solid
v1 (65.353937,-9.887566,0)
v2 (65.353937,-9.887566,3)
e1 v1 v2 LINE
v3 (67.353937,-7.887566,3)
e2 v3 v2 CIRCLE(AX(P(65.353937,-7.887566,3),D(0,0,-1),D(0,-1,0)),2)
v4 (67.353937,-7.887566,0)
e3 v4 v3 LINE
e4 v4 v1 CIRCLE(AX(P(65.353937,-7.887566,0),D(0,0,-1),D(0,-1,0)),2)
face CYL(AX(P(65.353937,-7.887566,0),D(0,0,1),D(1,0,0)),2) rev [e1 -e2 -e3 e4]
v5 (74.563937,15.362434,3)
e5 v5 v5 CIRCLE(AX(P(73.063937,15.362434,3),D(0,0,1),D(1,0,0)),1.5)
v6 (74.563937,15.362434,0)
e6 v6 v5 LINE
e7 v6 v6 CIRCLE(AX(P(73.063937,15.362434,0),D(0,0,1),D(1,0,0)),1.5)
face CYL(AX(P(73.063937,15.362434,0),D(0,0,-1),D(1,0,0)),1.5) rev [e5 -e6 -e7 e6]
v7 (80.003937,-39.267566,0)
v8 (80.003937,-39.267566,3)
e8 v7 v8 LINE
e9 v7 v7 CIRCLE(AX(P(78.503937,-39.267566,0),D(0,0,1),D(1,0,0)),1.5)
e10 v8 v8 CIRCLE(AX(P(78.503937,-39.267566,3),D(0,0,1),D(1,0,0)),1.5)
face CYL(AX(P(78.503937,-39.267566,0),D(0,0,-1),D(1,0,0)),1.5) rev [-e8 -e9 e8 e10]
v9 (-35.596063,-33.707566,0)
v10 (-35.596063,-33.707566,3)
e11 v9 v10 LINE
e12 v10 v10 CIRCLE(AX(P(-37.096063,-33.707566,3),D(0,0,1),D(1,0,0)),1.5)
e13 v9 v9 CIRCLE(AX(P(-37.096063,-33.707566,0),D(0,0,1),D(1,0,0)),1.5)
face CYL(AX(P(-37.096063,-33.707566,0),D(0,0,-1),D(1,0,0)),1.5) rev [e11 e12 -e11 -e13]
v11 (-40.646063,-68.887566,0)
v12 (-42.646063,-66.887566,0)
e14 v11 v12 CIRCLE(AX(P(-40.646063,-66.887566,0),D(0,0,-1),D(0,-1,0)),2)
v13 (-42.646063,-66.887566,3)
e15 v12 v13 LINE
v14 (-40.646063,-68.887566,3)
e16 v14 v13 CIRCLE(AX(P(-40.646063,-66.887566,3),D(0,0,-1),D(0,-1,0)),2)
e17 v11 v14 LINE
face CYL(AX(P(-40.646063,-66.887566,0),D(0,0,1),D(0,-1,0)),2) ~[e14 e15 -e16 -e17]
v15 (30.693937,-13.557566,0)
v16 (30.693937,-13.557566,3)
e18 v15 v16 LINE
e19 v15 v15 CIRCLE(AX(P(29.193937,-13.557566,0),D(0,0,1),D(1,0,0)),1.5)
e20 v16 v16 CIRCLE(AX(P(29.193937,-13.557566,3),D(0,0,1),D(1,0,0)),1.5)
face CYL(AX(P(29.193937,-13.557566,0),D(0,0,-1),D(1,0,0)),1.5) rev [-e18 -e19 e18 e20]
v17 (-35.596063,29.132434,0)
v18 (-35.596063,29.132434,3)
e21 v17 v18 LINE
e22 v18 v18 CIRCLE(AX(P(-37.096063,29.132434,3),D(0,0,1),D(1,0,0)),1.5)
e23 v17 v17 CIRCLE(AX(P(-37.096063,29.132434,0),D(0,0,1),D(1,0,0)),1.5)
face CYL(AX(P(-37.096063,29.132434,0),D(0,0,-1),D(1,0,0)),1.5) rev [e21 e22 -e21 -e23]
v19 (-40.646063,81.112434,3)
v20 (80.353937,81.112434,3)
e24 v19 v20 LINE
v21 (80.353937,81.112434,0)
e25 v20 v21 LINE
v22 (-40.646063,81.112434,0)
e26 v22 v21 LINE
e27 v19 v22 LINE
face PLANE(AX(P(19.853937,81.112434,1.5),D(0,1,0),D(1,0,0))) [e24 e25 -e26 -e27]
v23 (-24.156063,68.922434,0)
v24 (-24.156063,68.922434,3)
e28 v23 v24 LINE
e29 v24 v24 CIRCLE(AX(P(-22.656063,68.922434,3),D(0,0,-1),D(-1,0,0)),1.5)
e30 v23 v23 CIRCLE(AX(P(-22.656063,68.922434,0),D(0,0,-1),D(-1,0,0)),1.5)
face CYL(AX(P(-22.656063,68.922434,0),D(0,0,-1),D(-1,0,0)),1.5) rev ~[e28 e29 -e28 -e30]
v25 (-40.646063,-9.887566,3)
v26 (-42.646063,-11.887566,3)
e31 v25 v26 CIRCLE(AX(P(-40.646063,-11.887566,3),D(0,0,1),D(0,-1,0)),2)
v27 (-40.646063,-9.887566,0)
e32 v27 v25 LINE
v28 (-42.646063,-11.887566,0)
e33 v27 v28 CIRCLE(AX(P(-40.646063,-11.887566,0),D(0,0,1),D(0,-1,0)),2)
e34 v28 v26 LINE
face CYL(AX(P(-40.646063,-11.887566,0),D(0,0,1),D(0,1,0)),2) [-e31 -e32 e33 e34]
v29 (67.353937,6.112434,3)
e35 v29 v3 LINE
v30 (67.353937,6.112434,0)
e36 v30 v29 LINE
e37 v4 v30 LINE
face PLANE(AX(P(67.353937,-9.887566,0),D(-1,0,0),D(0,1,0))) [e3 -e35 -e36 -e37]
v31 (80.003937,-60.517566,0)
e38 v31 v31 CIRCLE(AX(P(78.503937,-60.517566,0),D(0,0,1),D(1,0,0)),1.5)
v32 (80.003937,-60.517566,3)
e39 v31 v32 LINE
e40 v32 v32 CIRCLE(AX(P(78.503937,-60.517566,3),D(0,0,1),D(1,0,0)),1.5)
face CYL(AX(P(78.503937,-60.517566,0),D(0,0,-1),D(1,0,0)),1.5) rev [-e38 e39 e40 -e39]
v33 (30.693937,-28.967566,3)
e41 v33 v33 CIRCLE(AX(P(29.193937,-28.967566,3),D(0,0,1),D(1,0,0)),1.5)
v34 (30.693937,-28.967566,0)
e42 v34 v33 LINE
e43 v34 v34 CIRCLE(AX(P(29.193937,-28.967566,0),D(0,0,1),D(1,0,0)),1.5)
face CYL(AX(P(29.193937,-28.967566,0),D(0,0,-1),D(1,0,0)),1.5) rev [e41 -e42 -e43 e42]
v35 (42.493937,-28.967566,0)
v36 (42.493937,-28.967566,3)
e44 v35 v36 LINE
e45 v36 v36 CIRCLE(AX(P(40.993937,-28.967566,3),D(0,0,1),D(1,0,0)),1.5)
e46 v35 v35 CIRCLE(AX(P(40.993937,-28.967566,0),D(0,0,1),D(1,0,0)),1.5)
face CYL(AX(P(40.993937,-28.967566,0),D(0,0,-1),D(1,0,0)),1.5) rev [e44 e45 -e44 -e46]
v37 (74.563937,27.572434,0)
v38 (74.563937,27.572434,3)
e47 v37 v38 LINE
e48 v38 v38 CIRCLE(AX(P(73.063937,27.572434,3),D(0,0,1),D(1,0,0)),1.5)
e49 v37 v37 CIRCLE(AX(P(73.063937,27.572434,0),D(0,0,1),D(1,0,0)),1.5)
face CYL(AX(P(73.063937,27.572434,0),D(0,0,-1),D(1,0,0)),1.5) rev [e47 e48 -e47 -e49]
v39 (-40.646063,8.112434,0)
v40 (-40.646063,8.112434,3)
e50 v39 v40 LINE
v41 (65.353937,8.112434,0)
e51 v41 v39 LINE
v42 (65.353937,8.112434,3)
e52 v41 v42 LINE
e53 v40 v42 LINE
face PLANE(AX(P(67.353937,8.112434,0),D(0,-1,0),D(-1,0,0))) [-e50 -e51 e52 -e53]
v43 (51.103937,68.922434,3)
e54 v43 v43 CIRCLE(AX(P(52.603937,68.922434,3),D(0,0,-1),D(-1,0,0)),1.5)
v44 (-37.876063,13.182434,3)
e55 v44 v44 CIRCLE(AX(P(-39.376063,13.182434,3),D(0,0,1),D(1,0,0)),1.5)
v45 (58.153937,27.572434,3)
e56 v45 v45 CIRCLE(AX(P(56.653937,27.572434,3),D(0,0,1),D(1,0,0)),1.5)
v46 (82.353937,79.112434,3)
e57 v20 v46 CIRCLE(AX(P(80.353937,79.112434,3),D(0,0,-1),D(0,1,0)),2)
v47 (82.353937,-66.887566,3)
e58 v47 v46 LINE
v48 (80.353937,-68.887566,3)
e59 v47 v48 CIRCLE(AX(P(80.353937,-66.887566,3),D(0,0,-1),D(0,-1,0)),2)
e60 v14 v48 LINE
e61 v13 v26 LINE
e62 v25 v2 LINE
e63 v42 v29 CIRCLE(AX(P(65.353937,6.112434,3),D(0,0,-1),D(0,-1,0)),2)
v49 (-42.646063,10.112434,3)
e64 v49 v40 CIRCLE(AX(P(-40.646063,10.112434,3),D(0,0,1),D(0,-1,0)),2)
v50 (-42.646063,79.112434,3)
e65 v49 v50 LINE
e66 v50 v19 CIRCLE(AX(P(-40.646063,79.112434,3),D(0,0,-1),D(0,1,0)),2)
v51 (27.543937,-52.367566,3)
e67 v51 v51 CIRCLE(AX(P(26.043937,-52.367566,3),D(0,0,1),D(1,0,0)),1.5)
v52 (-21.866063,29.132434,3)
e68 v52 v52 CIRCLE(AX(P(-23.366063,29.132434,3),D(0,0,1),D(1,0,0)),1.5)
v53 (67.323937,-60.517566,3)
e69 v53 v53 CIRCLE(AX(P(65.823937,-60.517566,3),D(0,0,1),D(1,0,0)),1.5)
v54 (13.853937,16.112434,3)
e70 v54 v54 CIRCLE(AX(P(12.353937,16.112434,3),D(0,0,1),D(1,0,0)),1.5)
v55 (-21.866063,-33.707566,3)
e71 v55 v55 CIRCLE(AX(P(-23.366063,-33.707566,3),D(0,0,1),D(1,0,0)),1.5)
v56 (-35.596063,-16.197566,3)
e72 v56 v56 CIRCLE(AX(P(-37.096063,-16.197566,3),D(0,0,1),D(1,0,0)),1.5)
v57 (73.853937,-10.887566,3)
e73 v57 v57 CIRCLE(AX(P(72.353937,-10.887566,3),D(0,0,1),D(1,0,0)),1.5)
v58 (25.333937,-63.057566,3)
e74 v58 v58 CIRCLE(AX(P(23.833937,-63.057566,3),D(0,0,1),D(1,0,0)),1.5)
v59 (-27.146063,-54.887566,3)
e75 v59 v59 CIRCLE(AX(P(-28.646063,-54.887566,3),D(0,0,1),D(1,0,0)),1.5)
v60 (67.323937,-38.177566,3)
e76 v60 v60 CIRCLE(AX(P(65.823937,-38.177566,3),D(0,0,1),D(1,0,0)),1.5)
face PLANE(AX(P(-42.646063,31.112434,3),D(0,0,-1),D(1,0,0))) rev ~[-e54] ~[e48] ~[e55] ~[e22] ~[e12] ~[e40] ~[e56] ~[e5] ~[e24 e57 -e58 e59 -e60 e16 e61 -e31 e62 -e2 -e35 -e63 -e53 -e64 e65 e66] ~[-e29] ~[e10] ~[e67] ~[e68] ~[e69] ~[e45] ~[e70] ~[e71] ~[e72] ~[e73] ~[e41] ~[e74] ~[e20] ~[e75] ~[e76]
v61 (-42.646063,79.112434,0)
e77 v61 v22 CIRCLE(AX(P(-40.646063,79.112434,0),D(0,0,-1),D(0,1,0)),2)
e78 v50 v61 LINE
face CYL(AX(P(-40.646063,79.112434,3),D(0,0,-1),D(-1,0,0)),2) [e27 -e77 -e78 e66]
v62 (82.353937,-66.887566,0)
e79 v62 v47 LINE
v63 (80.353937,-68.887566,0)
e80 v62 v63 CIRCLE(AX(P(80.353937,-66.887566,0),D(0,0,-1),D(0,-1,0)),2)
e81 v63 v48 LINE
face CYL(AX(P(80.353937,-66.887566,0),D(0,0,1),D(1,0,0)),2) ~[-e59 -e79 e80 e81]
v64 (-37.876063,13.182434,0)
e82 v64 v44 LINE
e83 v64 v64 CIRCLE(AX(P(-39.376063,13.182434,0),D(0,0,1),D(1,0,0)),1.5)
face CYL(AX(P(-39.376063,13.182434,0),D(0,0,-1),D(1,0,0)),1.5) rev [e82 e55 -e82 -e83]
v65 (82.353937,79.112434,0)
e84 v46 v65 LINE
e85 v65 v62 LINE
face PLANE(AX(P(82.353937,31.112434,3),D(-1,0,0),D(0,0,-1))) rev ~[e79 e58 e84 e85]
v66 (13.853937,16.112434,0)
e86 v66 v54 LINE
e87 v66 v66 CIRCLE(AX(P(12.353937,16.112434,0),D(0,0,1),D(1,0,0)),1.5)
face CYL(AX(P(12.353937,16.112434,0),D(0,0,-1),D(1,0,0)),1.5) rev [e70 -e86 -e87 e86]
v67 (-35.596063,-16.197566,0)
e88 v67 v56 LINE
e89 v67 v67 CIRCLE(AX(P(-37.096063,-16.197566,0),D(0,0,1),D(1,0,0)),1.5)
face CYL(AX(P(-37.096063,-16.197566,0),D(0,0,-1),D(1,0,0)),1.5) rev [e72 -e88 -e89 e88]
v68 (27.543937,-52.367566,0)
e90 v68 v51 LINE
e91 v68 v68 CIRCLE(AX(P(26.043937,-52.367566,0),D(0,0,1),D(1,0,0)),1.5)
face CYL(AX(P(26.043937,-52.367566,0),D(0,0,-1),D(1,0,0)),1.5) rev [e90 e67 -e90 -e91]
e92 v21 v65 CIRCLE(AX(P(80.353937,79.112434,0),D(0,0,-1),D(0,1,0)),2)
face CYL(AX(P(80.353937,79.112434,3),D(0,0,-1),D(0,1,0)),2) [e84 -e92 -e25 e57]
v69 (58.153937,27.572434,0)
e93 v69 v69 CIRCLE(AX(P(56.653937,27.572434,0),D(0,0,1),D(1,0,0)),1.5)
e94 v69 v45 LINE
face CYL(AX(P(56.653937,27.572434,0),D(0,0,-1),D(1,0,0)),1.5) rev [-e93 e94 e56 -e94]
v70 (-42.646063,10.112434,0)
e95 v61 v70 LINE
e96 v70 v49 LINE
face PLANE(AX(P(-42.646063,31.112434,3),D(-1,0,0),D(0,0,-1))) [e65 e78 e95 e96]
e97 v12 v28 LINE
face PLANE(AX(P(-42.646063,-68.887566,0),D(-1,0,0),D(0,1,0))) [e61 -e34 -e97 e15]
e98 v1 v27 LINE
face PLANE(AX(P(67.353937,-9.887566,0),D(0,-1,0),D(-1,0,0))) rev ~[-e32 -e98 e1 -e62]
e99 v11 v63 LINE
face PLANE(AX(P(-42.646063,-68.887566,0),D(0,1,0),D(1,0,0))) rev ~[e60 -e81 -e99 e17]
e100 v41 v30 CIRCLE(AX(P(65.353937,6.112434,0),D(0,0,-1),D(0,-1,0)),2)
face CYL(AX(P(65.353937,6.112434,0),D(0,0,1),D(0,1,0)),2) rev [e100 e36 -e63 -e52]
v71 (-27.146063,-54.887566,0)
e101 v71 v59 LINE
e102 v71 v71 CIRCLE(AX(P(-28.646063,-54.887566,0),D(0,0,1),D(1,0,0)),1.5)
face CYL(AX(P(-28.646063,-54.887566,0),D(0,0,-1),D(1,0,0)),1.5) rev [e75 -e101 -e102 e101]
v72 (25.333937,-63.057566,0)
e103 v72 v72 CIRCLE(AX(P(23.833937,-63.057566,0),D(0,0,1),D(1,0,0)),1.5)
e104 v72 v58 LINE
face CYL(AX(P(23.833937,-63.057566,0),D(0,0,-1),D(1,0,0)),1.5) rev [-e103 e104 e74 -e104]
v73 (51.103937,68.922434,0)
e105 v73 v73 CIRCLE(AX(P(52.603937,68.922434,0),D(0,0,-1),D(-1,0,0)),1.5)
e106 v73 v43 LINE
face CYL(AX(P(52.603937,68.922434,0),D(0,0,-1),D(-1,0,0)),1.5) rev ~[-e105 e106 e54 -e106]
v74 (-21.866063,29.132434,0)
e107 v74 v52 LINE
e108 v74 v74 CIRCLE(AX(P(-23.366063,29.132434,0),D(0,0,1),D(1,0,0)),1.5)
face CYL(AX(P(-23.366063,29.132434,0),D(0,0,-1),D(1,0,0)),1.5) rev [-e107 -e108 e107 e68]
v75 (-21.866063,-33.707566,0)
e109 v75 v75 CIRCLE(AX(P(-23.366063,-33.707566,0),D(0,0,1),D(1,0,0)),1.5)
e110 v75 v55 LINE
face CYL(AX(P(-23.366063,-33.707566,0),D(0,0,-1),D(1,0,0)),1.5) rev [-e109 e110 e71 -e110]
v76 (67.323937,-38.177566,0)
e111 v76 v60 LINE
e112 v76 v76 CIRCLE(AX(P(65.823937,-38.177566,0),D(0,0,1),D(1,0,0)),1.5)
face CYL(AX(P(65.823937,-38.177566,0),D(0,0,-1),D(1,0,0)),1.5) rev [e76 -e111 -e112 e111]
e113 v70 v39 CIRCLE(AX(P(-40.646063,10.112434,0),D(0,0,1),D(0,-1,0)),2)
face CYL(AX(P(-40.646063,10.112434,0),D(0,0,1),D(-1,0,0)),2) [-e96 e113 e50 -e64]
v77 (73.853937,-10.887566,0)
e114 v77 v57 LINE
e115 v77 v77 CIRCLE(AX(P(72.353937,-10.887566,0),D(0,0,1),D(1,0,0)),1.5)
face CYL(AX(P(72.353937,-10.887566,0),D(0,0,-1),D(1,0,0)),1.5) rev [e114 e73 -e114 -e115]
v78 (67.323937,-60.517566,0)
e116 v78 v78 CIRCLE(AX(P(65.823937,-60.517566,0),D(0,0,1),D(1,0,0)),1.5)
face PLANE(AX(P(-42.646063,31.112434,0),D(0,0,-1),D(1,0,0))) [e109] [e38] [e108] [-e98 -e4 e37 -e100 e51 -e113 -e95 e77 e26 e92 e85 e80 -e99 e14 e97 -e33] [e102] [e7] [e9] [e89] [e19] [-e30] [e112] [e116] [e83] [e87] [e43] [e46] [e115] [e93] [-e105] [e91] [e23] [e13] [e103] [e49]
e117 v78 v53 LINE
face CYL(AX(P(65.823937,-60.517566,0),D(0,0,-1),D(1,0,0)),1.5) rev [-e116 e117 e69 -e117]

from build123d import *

# Parameters (mm, degrees)
SKETCH_1_W          = 125
SKETCH_1_H          = 100
SKETCH_1_R          = 1.5
EXTRUDE_1_DEPTH     = 3
SKETCH_2_W          = 110
SKETCH_2_H          = 18
CUT_EXTRUDE_1_DEPTH = 4
SKETCH_3_W          = 125
SKETCH_3_H          = 3
EXTRUDE_2_DEPTH     = 50
SKETCH_4_R          = 1.5
CUT_EXTRUDE_2_DEPTH = 4
FILLET_1_R          = 2


with BuildPart() as part:
    # 草图1 → 凸台-拉伸1 (new body)
    with BuildSketch(Plane.XY):
        with Locations((19.853937426, -18.887566332)):
            Rectangle(SKETCH_1_W, SKETCH_1_H)
        with Locations((-37.096062574, 29.132433668)):
            Circle(SKETCH_1_R, mode=Mode.SUBTRACT)
        with Locations((-23.366062574, 29.132433668)):
            Circle(SKETCH_1_R, mode=Mode.SUBTRACT)
        with Locations((-39.376062574, 13.182433668)):
            Circle(SKETCH_1_R, mode=Mode.SUBTRACT)
        with Locations((-37.096062574, -16.197566332)):
            Circle(SKETCH_1_R, mode=Mode.SUBTRACT)
        with Locations((-37.096062574, -33.707566332)):
            Circle(SKETCH_1_R, mode=Mode.SUBTRACT)
        with Locations((-23.366062574, -33.707566332)):
            Circle(SKETCH_1_R, mode=Mode.SUBTRACT)
        with Locations((56.653937426, 27.572433668)):
            Circle(SKETCH_1_R, mode=Mode.SUBTRACT)
        with Locations((73.063937426, 27.572433668)):
            Circle(SKETCH_1_R, mode=Mode.SUBTRACT)
        with Locations((73.063937426, 15.362433668)):
            Circle(SKETCH_1_R, mode=Mode.SUBTRACT)
        with Locations((29.193937426, -13.557566332)):
            Circle(SKETCH_1_R, mode=Mode.SUBTRACT)
        with Locations((29.193937426, -28.967566332)):
            Circle(SKETCH_1_R, mode=Mode.SUBTRACT)
        with Locations((40.993937426, -28.967566332)):
            Circle(SKETCH_1_R, mode=Mode.SUBTRACT)
        with Locations((26.043937426, -52.367566332)):
            Circle(SKETCH_1_R, mode=Mode.SUBTRACT)
        with Locations((23.833937426, -63.057566332)):
            Circle(SKETCH_1_R, mode=Mode.SUBTRACT)
        with Locations((65.823937426, -60.517566332)):
            Circle(SKETCH_1_R, mode=Mode.SUBTRACT)
        with Locations((78.503937426, -60.517566332)):
            Circle(SKETCH_1_R, mode=Mode.SUBTRACT)
        with Locations((78.503937426, -39.267566332)):
            Circle(SKETCH_1_R, mode=Mode.SUBTRACT)
        with Locations((65.823937426, -38.177566332)):
            Circle(SKETCH_1_R, mode=Mode.SUBTRACT)
        with Locations((-28.646062574, -54.887566332)):
            Circle(SKETCH_1_R, mode=Mode.SUBTRACT)
        with Locations((72.353937426, -10.887566332)):
            Circle(SKETCH_1_R, mode=Mode.SUBTRACT)
        with Locations((12.353937426, 16.112433668)):
            Circle(SKETCH_1_R, mode=Mode.SUBTRACT)
    extrude(amount=EXTRUDE_1_DEPTH)

    # 草图2 → 切除-拉伸1 (cut, through all)
    with BuildSketch(Plane(origin=(0, 0, 0), x_dir=(-1, 0, 0), z_dir=(0, 0, -1))):
        with Locations((-12.353937426, -0.887566332)):
            Rectangle(SKETCH_2_W, SKETCH_2_H)
    extrude(amount=-CUT_EXTRUDE_1_DEPTH, mode=Mode.SUBTRACT)

    # 草图3 → 凸台-拉伸2 (add)
    with BuildSketch(Plane(origin=(0, 31.112433668, 0), x_dir=(1, 0, 0), z_dir=(0, 1, 0))):
        with Locations((19.853937426, -1.5)):
            Rectangle(SKETCH_3_W, SKETCH_3_H)
    extrude(amount=EXTRUDE_2_DEPTH)

    # 草图4 → 切除-拉伸2 (cut, through all)
    with BuildSketch(Plane(origin=(0, 0, 0), x_dir=(-1, 0, 0), z_dir=(0, 0, -1))):
        with Locations((-52.603937426, 68.922433668)):
            Circle(SKETCH_4_R)
        with Locations((22.656062574, 68.922433668)):
            Circle(SKETCH_4_R)
    extrude(amount=-CUT_EXTRUDE_2_DEPTH, mode=Mode.SUBTRACT)

    # 圆角1
    fillet_1_edges = [part.edges().sort_by_distance(p)[0] for p in [
        (-42.646062574, 8.112433668, 1.5),
        (-42.646062574, -9.887566332, 1.5),
        (67.353937426, -9.887566332, 1.5),
        (67.353937426, 8.112433668, 1.5),
        (-42.646062574, 81.112433668, 1.5),
        (82.353937426, 81.112433668, 1.5),
        (82.353937426, -68.887566332, 1.5),
        (-42.646062574, -68.887566332, 1.5),
    ]]
    fillet(fillet_1_edges, radius=FILLET_1_R)


solid = part.part
